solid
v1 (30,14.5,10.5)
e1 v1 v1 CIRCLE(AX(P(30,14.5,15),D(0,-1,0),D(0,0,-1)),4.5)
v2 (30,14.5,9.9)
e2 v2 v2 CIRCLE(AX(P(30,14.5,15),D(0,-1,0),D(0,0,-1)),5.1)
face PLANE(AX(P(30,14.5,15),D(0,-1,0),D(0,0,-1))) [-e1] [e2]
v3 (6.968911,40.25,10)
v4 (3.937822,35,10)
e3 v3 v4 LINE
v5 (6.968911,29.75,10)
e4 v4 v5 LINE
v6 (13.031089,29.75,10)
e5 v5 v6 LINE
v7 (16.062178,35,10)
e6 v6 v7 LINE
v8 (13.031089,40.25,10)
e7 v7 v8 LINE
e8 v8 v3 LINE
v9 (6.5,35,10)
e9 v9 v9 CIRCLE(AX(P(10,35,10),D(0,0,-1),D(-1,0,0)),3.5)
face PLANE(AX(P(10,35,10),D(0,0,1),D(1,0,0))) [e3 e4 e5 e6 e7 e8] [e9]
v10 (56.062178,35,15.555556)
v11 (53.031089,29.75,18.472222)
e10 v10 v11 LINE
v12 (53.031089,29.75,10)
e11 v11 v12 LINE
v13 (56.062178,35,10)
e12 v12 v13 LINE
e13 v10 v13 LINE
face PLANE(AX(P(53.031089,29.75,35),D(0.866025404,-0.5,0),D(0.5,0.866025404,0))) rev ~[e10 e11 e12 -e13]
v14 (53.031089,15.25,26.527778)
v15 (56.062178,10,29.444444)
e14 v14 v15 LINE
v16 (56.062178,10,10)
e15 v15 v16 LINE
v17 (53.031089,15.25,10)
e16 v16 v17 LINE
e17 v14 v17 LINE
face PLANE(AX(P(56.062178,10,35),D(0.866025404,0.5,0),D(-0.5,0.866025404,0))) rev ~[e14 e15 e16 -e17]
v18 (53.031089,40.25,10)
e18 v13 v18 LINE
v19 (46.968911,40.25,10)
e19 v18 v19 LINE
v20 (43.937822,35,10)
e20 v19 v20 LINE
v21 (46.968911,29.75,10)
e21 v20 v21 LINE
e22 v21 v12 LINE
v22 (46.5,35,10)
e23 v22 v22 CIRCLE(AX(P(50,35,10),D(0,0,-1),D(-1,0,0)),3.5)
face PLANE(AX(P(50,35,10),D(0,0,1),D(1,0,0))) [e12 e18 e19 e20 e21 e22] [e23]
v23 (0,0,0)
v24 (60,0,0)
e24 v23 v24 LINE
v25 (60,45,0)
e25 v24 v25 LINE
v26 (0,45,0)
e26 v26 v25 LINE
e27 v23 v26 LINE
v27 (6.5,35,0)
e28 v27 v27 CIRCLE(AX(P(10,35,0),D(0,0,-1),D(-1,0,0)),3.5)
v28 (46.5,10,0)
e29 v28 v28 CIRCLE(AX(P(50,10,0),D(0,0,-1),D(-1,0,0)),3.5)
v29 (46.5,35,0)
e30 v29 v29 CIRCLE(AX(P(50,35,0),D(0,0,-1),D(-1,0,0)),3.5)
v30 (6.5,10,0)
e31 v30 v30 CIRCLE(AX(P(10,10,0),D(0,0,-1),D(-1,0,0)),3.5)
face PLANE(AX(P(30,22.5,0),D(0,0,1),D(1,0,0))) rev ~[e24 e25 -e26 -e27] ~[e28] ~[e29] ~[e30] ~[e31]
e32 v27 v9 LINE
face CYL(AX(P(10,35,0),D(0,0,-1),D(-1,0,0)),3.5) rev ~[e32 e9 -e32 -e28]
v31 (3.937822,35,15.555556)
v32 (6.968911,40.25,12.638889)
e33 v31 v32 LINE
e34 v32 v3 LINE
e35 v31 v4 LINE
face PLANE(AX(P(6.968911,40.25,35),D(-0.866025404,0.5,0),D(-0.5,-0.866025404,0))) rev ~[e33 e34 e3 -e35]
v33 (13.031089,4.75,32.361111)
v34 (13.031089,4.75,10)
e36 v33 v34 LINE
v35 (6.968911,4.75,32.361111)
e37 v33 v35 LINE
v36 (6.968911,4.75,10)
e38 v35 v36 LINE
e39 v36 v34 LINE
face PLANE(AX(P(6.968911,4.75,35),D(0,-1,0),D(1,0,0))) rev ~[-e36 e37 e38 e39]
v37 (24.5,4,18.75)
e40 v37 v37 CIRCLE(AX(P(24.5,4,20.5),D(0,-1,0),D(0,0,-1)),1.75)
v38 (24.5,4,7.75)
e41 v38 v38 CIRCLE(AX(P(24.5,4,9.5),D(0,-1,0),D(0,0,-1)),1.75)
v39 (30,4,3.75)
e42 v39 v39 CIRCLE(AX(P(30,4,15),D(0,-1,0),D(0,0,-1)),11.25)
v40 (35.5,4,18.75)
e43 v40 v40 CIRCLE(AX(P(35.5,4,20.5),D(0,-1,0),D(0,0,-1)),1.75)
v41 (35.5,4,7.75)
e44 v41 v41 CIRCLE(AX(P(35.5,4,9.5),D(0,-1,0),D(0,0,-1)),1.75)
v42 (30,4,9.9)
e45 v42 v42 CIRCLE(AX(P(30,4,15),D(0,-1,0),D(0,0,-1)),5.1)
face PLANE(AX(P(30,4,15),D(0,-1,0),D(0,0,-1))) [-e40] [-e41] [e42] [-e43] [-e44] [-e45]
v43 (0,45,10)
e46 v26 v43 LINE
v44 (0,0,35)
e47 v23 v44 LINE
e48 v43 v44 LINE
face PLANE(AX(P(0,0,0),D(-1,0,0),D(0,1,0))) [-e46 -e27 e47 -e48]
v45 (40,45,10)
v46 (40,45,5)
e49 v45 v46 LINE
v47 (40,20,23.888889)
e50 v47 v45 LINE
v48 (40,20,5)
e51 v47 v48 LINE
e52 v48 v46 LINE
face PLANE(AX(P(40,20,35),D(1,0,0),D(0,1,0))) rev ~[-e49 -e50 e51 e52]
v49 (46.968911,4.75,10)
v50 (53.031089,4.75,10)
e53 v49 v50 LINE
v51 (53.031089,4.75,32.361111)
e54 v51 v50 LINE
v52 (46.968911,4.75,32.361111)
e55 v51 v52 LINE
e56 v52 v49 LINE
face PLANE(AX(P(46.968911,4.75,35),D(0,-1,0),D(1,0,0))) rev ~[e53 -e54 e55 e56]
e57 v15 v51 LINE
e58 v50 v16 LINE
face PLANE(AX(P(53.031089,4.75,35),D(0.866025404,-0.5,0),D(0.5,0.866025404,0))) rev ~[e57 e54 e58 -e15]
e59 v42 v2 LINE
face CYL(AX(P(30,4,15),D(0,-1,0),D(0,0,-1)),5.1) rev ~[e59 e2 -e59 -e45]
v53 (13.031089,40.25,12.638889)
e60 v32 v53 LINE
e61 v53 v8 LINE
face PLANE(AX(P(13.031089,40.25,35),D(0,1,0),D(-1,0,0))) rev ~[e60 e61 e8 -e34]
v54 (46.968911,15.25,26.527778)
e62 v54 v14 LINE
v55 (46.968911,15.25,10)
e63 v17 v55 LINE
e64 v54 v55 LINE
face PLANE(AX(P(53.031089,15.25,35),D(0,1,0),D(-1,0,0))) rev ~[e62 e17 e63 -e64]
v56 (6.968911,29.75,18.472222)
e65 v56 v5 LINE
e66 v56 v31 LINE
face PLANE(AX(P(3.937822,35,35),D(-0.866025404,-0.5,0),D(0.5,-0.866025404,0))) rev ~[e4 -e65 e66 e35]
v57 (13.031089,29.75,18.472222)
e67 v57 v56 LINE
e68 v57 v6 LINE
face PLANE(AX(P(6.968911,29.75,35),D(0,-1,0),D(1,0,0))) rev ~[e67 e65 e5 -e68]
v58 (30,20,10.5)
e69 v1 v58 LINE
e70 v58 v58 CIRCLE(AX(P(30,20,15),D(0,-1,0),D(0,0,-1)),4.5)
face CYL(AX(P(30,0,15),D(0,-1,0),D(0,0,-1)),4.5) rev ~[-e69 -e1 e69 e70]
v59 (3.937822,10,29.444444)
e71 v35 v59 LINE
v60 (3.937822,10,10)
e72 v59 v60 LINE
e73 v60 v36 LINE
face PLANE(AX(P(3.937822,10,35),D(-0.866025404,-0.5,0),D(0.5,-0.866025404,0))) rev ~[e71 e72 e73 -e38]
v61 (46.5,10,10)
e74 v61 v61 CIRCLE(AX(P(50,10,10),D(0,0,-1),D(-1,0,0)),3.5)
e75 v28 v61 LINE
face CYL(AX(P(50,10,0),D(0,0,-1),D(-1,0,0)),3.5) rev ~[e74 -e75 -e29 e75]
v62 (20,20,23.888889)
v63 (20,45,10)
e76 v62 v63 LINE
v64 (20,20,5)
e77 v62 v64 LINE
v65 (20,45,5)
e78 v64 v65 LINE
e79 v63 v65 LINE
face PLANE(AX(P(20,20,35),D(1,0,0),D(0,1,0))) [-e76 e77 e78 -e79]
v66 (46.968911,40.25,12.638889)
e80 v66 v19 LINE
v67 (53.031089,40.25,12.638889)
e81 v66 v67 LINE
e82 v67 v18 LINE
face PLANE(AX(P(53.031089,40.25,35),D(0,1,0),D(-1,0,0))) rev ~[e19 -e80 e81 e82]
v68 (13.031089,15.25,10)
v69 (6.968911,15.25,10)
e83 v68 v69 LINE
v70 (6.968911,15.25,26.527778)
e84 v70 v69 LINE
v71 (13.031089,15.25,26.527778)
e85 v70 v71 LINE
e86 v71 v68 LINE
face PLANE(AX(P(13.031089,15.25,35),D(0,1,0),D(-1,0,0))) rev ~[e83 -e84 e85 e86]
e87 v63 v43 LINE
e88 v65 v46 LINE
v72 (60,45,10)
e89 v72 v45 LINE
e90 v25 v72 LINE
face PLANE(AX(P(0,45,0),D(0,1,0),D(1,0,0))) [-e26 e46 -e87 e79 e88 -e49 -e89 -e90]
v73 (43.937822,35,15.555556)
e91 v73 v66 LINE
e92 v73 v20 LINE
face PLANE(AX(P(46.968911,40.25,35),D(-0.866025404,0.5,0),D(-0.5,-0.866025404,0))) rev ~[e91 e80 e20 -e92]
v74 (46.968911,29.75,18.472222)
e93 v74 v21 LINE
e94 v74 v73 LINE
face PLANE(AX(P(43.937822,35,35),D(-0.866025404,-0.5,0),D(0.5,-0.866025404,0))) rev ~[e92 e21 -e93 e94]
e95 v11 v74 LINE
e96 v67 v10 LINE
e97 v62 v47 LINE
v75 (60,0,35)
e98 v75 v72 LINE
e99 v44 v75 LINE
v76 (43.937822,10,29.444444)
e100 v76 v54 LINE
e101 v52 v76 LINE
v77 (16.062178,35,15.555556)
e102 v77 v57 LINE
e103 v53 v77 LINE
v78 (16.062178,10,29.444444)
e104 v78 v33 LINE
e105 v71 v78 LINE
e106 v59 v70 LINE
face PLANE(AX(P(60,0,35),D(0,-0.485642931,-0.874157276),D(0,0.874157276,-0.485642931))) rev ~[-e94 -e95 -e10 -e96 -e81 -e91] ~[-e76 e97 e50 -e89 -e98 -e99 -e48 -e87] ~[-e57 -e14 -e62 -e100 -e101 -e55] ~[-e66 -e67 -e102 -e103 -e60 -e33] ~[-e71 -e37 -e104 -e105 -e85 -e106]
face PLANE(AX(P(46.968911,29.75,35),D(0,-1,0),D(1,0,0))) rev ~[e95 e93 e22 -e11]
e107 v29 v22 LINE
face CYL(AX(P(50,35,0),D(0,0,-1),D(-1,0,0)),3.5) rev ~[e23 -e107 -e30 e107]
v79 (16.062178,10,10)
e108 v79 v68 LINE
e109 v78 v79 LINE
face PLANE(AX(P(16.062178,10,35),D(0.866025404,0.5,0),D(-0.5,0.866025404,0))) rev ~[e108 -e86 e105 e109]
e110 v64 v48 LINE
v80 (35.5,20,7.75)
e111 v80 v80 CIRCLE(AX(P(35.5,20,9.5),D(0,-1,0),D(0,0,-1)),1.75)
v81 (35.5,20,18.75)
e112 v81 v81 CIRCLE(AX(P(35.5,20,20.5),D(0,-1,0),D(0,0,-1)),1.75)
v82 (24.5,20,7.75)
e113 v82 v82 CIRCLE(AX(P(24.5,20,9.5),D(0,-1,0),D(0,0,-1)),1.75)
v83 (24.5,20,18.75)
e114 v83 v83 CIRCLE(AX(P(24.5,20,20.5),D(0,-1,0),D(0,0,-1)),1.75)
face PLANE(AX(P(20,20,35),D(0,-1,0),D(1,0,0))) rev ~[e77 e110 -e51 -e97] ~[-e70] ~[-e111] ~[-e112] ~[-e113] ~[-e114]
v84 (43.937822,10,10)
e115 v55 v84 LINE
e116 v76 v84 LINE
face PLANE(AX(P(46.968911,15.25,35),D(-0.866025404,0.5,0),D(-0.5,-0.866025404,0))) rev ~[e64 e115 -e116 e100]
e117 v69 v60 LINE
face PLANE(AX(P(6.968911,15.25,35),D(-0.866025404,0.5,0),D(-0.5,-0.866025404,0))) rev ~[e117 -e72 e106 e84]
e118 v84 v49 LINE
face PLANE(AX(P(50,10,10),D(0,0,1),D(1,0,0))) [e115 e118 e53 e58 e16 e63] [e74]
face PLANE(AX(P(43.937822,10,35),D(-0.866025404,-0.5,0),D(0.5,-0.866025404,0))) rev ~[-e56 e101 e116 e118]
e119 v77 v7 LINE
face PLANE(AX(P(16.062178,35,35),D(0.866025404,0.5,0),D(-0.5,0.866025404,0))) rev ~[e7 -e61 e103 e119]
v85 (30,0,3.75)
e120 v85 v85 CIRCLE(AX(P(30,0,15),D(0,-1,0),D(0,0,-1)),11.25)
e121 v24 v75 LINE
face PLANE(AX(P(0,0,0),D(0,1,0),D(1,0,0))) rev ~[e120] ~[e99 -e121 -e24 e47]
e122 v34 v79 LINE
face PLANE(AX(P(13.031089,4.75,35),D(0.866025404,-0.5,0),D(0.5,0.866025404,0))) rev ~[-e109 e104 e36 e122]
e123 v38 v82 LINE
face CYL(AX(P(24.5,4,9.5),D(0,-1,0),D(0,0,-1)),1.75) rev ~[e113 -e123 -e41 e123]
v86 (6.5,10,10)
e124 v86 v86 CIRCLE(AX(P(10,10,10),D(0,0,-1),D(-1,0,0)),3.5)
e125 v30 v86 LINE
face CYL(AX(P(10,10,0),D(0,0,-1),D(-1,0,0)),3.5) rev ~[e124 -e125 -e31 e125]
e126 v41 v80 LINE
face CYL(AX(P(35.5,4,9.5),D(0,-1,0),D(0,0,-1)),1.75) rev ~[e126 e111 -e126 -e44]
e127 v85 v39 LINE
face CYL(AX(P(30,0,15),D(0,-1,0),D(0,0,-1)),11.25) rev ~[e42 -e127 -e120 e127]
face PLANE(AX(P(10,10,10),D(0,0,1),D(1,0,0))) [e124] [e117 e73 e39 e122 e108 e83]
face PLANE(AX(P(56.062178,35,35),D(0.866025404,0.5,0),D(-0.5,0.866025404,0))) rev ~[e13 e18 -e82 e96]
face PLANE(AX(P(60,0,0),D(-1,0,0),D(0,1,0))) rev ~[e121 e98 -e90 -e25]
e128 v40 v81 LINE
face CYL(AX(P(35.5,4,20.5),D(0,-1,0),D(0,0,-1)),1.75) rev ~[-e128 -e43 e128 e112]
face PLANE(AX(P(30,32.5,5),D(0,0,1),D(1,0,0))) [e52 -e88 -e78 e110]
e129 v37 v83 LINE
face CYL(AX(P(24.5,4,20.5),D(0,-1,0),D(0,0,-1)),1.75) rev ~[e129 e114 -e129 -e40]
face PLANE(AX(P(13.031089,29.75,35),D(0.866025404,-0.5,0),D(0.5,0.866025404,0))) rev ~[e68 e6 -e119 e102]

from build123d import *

# Parameters (mm, degrees)
SKETCH1_W           = 60
SKETCH1_H           = 45
BOSS_EXTRUDE1_DEPTH = 35
SKETCH2_R           = 4.5
CUT_EXTRUDE1_DEPTH  = 50
SKETCH3_R           = 11.25
CUT_EXTRUDE2_DEPTH  = 4
SKETCH6_W           = 20
SKETCH6_H           = 25
CUT_EXTRUDE4_DEPTH  = 30
CUT_EXTRUDE3_DEPTH  = 80
SKETCH7_R           = 1.75
CUT_EXTRUDE5_DEPTH  = 25
SKETCH8_R           = 3.5
CUT_EXTRUDE6_DEPTH  = 44
CUT_EXTRUDE7_START  = 35
CUT_EXTRUDE7_DEPTH  = 25
SKETCH10_R          = 5.1
CUT_EXTRUDE8_DEPTH  = 10.5


with BuildPart() as part:
    # Sketch1 → Boss-Extrude1 (new body)
    with BuildSketch(Plane.XY):
        with Locations((30, 22.5)):
            Rectangle(SKETCH1_W, SKETCH1_H)
    extrude(amount=BOSS_EXTRUDE1_DEPTH)

    # Sketch2 → Cut-Extrude1 (cut)
    with BuildSketch(Plane.XZ):
        with Locations(Location((30, 15, 0), (0, 0, 270))):
            Circle(SKETCH2_R)
    extrude(amount=-CUT_EXTRUDE1_DEPTH, mode=Mode.SUBTRACT)

    # Sketch3 → Cut-Extrude2 (cut)
    with BuildSketch(Plane.XZ):
        with Locations(Location((30, 15, 0), (0, 0, 270))):
            Circle(SKETCH3_R)
    extrude(amount=-CUT_EXTRUDE2_DEPTH, mode=Mode.SUBTRACT)

    # Sketch6 → Cut-Extrude4 (cut)
    with BuildSketch(Plane.XY.offset(35)):
        with Locations((30, 32.5)):
            Rectangle(SKETCH6_W, SKETCH6_H)
    extrude(amount=-CUT_EXTRUDE4_DEPTH, mode=Mode.SUBTRACT)

    # Sketch4 → Cut-Extrude3 (cut)
    with BuildSketch(Plane(origin=(60, 0, 0), x_dir=(0, 0, -1), z_dir=(1, 0, 0))):
        Polygon((-35, 0), (-10, 45), (-35, 45), align=None)
    extrude(amount=-CUT_EXTRUDE3_DEPTH, mode=Mode.SUBTRACT)

    # Sketch7 → Cut-Extrude5 (cut)
    with BuildSketch(Plane.XZ.offset(-4)):
        with Locations(Location((24.5, 20.5, 0), (0, 0, 270))):
            Circle(SKETCH7_R)
        with Locations(Location((35.5, 20.5, 0), (0, 0, 270))):
            Circle(SKETCH7_R)
        with Locations(Location((35.5, 9.5, 0), (0, 0, 270))):
            Circle(SKETCH7_R)
        with Locations(Location((24.5, 9.5, 0), (0, 0, 270))):
            Circle(SKETCH7_R)
    extrude(amount=-CUT_EXTRUDE5_DEPTH, mode=Mode.SUBTRACT)

    # Sketch8 → Cut-Extrude6 (cut)
    with BuildSketch(Plane(origin=(0, 0, 0), x_dir=(-1, 0, 0), z_dir=(0, 0, -1))):
        with Locations((-50, 10)):
            Circle(SKETCH8_R)
        with Locations((-50, 35)):
            Circle(SKETCH8_R)
        with Locations((-10, 35)):
            Circle(SKETCH8_R)
        with Locations((-10, 10)):
            Circle(SKETCH8_R)
    extrude(amount=-CUT_EXTRUDE6_DEPTH, mode=Mode.SUBTRACT)

    # Sketch9 → Cut-Extrude7 (cut)
    with BuildSketch(Plane.XY.offset(CUT_EXTRUDE7_START)):
        Polygon((6.968911087, 40.25), (3.937822174, 35), (6.968911087, 29.75), (13.031088913, 29.75), (16.062177826, 35), (13.031088913, 40.25), align=None)
        Polygon((13.031088913, 4.75), (16.062177826, 10), (13.031088913, 15.25), (6.968911087, 15.25), (3.937822174, 10), (6.968911087, 4.75), align=None)
        Polygon((53.031088913, 29.75), (56.062177826, 35), (53.031088913, 40.25), (46.968911087, 40.25), (43.937822174, 35), (46.968911087, 29.75), align=None)
        Polygon((53.031088913, 4.75), (56.062177826, 10), (53.031088913, 15.25), (46.968911087, 15.25), (43.937822174, 10), (46.968911087, 4.75), align=None)
    extrude(amount=-CUT_EXTRUDE7_DEPTH, mode=Mode.SUBTRACT)

    # Sketch10 → Cut-Extrude8 (cut)
    with BuildSketch(Plane.XZ.offset(-4)):
        with Locations(Location((30, 15, 0), (0, 0, 270))):
            Circle(SKETCH10_R)
    extrude(amount=-CUT_EXTRUDE8_DEPTH, mode=Mode.SUBTRACT)


solid = part.part
